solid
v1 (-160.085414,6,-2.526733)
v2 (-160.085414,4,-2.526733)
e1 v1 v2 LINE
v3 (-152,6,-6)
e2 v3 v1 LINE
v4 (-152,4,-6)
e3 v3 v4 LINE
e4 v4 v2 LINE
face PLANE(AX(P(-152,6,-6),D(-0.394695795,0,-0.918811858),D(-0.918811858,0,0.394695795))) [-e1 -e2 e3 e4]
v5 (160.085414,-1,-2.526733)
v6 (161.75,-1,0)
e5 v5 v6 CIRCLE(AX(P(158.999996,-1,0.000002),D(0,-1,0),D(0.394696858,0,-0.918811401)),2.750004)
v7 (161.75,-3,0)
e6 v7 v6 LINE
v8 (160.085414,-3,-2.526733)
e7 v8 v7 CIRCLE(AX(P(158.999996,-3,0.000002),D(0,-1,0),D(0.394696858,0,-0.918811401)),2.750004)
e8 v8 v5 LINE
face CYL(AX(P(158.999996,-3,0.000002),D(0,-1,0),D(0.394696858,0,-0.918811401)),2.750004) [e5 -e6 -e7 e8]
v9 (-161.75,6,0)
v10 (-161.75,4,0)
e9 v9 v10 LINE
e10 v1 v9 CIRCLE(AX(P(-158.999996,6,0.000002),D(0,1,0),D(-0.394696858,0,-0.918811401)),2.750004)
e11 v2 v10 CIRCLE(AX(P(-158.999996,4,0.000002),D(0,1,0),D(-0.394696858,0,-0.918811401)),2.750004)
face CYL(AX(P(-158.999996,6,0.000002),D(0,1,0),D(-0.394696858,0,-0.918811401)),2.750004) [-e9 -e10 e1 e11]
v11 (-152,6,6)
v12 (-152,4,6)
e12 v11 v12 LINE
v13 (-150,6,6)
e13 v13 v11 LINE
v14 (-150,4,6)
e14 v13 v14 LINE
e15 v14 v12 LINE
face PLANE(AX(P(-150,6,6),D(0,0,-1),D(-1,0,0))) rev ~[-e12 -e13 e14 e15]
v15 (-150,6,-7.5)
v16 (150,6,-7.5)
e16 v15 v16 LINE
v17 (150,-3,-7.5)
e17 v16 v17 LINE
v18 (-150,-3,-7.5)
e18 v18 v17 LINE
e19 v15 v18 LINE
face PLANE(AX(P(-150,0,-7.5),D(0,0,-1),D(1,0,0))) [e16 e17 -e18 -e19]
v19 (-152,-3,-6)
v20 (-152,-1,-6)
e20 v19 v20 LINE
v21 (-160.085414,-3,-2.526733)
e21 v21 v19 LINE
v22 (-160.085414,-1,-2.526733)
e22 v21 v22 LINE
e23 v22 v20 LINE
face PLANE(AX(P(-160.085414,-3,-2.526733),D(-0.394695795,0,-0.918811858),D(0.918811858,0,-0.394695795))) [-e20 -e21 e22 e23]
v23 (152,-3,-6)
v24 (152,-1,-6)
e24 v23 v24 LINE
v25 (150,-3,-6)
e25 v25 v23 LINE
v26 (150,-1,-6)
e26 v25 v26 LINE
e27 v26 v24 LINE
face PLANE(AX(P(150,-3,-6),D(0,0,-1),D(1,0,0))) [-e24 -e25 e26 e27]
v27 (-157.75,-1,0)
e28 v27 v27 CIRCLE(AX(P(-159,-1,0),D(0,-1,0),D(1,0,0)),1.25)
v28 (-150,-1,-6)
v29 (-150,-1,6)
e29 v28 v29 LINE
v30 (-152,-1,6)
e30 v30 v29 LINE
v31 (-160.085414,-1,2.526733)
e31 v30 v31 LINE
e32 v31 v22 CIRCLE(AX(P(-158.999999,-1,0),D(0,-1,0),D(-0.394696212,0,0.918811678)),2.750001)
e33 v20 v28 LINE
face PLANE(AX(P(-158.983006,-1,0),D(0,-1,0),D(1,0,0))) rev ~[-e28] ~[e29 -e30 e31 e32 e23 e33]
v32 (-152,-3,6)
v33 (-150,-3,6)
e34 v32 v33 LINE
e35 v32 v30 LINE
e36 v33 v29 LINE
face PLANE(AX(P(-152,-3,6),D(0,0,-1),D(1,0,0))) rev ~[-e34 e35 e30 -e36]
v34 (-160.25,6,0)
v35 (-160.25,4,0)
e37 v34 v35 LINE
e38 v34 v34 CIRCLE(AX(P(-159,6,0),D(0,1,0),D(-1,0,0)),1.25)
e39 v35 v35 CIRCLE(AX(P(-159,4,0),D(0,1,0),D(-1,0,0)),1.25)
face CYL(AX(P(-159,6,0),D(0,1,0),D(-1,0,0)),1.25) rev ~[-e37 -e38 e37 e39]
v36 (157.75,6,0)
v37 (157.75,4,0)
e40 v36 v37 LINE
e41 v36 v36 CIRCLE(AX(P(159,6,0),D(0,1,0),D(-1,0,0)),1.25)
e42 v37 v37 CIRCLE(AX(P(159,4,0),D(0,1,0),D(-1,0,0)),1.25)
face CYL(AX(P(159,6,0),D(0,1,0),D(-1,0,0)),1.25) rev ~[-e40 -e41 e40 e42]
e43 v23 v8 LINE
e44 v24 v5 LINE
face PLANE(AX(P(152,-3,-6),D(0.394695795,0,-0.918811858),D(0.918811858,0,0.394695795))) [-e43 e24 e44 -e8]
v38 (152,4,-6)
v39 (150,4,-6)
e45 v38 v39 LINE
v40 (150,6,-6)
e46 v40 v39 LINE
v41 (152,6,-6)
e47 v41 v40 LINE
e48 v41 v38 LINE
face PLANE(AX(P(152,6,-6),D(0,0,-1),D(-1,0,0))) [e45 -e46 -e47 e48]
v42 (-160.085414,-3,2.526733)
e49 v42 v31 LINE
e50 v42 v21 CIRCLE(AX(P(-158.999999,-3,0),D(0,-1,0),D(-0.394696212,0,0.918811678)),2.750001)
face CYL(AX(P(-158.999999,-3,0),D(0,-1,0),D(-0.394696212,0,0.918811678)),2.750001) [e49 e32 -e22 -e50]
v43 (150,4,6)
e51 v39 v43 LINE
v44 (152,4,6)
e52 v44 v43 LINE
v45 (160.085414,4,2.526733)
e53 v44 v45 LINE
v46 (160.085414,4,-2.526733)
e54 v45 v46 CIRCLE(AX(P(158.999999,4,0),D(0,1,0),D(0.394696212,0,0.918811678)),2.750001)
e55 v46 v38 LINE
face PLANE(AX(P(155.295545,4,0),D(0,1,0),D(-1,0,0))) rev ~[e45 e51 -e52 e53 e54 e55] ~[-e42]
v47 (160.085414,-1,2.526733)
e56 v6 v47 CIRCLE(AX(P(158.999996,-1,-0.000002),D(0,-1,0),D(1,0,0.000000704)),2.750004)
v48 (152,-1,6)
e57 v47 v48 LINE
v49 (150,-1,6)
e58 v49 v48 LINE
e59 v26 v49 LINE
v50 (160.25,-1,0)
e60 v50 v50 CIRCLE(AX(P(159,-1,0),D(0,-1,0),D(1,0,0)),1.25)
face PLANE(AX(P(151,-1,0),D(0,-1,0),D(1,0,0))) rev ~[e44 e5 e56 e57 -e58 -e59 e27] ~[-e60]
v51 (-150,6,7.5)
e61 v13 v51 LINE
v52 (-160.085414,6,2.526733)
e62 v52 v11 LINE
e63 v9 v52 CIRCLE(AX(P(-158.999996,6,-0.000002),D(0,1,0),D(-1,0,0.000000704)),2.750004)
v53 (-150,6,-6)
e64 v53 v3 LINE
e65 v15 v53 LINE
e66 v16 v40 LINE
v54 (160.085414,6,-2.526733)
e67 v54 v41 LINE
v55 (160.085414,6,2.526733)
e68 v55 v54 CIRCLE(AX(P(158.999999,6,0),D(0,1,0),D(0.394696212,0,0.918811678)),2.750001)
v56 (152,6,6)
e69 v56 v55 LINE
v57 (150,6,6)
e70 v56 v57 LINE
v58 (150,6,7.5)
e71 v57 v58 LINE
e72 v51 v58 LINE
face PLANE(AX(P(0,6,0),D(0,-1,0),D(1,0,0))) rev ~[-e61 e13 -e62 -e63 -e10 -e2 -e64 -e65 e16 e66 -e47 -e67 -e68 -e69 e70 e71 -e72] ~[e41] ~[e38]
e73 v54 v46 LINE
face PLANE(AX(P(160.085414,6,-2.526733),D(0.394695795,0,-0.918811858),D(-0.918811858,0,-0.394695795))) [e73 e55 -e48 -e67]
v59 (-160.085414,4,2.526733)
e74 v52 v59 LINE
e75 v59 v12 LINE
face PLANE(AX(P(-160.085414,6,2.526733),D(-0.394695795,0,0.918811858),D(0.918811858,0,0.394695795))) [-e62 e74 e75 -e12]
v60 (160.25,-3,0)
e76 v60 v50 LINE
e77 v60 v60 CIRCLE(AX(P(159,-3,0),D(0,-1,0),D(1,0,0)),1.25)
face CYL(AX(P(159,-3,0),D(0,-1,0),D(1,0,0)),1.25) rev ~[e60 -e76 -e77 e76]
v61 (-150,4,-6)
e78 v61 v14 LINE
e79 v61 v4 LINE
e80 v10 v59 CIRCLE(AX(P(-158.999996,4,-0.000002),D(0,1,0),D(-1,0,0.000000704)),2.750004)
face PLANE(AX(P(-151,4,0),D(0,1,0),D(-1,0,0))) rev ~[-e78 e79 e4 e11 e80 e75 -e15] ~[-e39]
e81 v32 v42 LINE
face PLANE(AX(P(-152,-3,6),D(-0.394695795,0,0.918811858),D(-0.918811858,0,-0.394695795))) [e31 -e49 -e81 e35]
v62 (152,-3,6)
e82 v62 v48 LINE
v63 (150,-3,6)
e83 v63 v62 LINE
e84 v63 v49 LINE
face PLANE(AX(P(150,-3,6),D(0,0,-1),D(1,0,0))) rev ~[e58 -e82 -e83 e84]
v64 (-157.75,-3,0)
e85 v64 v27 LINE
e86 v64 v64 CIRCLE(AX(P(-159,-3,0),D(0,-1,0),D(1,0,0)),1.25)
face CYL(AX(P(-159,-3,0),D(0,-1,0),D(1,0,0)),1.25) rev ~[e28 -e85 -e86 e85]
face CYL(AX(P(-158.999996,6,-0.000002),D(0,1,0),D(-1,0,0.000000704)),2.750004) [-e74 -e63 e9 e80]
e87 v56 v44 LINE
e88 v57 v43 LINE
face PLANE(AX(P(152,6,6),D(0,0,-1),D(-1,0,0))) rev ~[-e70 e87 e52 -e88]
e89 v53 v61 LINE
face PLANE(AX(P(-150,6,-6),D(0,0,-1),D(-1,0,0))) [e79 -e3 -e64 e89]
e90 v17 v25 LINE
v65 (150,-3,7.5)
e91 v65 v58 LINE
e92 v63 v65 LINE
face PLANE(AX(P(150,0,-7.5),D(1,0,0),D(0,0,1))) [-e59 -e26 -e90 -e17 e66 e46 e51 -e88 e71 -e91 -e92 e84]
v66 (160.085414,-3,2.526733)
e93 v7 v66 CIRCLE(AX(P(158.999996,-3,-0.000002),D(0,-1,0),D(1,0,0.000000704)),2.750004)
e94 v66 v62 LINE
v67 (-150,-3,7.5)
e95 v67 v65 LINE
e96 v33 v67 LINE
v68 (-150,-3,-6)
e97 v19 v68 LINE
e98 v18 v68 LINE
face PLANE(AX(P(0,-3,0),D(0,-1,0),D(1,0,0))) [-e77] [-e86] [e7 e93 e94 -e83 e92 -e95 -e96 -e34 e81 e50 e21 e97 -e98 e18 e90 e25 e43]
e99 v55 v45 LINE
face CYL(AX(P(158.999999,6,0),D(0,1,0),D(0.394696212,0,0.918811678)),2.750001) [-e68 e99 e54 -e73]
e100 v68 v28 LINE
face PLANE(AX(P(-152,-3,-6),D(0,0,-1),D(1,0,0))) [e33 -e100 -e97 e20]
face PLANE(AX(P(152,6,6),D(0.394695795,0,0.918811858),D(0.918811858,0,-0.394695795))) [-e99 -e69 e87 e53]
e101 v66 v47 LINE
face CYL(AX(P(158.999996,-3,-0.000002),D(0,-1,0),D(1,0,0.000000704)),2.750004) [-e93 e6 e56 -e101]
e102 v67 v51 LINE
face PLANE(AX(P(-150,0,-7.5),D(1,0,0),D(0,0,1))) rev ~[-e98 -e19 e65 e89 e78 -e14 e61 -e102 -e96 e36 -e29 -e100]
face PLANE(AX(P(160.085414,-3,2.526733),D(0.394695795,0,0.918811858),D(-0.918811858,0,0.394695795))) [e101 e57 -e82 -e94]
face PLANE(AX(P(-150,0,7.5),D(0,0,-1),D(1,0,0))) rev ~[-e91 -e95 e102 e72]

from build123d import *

# Parameters (mm, degrees)
F0_W     = 300
F0_H     = 15
F1_DEPTH = 3
F2_DEPTH = 6
F3_R     = 1.25
F3_W     = 2
F3_H     = 12
F5_DEPTH = 2
F4_W     = 2
F4_H     = 12
F4_R     = 1.25
F6_DEPTH = 2


with BuildPart() as f1:
    # F0 (on Front) → F1 (new body)
    with BuildSketch(Plane.XZ):
        Rectangle(F0_W, F0_H)
    extrude(amount=F1_DEPTH)

    # F0 (on Front) → F2 (join)
    with BuildSketch(Plane.XZ):
        Rectangle(F0_W, F0_H)
    extrude(amount=-F2_DEPTH)

    # F3 (on face) → F5 (join)
    with BuildSketch(Plane.XZ.offset(3)):
        with BuildLine():
            ThreePointArc((-156.25, 0), (-157.48712, 2.296452), (-160.085414, 2.526733))
            ThreePointArc((-160.085414, 2.526733), (-161.75, 0), (-160.085414, -2.526733))
            ThreePointArc((-160.085414, -2.526733), (-157.48712, -2.296452), (-156.25, 0))
        make_face()
        with Locations((-159, 0)):
            Circle(F3_R, mode=Mode.SUBTRACT)
        with BuildLine():
            Line((-152, -6), (-152, 6))
            Line((-152, 6), (-160.085414, 2.526733))
            ThreePointArc((-160.085414, 2.526733), (-157.48712, 2.296452), (-156.25, 0))
            ThreePointArc((-156.25, 0), (-157.48712, -2.296452), (-160.085414, -2.526733))
            Line((-160.085414, -2.526733), (-152, -6))
        make_face()
        with Locations((-151, 0)):
            Rectangle(F3_W, F3_H)
        with Locations((151, 0)):
            Rectangle(F3_W, F3_H)
        with BuildLine():
            ThreePointArc((160.085414, -2.526733), (156.25, 0), (160.085414, 2.526733))
            Line((160.085414, 2.526733), (152, 6))
            Line((152, 6), (152, -6))
            Line((152, -6), (160.085414, -2.526733))
        make_face()
        with BuildLine():
            ThreePointArc((160.085414, -2.526733), (161.296452, -1.51288), (161.75, 0))
            ThreePointArc((161.75, 0), (161.296452, 1.51288), (160.085414, 2.526733))
            ThreePointArc((160.085414, 2.526733), (156.25, 0), (160.085414, -2.526733))
        make_face()
        with Locations((159, 0)):
            Circle(F3_R, mode=Mode.SUBTRACT)
    extrude(amount=-F5_DEPTH)

    # F4 (on face) → F6 (join)
    with BuildSketch(Plane(origin=(0, 6, 0), x_dir=(-1, 0, 0), z_dir=(0, 1, 0))):
        with BuildLine():
            Line((-152, -6), (-152, 6))
            Line((-152, 6), (-160.085414, 2.526733))
            ThreePointArc((-160.085414, 2.526733), (-157.48712, 2.296452), (-156.25, 0))
            ThreePointArc((-156.25, 0), (-157.48712, -2.296452), (-160.085414, -2.526733))
            Line((-160.085414, -2.526733), (-152, -6))
        make_face()
        with Locations((-151, 0)):
            Rectangle(F4_W, F4_H)
        with BuildLine():
            ThreePointArc((-156.25, 0), (-157.48712, 2.296452), (-160.085414, 2.526733))
            ThreePointArc((-160.085414, 2.526733), (-161.75, 0), (-160.085414, -2.526733))
            ThreePointArc((-160.085414, -2.526733), (-157.48712, -2.296452), (-156.25, 0))
        make_face()
        with Locations((-159, 0)):
            Circle(F4_R, mode=Mode.SUBTRACT)
        with Locations((151, 0)):
            Rectangle(F4_W, F4_H)
        with BuildLine():
            ThreePointArc((160.085414, -2.526733), (156.25, 0), (160.085414, 2.526733))
            Line((160.085414, 2.526733), (152, 6))
            Line((152, 6), (152, -6))
            Line((152, -6), (160.085414, -2.526733))
        make_face()
        with BuildLine():
            ThreePointArc((160.085414, -2.526733), (161.296452, -1.51288), (161.75, 0))
            ThreePointArc((161.75, 0), (161.296452, 1.51288), (160.085414, 2.526733))
            ThreePointArc((160.085414, 2.526733), (156.25, 0), (160.085414, -2.526733))
        make_face()
        with Locations((159, 0)):
            Circle(F4_R, mode=Mode.SUBTRACT)
    extrude(amount=-F6_DEPTH)


solid = f1.part
